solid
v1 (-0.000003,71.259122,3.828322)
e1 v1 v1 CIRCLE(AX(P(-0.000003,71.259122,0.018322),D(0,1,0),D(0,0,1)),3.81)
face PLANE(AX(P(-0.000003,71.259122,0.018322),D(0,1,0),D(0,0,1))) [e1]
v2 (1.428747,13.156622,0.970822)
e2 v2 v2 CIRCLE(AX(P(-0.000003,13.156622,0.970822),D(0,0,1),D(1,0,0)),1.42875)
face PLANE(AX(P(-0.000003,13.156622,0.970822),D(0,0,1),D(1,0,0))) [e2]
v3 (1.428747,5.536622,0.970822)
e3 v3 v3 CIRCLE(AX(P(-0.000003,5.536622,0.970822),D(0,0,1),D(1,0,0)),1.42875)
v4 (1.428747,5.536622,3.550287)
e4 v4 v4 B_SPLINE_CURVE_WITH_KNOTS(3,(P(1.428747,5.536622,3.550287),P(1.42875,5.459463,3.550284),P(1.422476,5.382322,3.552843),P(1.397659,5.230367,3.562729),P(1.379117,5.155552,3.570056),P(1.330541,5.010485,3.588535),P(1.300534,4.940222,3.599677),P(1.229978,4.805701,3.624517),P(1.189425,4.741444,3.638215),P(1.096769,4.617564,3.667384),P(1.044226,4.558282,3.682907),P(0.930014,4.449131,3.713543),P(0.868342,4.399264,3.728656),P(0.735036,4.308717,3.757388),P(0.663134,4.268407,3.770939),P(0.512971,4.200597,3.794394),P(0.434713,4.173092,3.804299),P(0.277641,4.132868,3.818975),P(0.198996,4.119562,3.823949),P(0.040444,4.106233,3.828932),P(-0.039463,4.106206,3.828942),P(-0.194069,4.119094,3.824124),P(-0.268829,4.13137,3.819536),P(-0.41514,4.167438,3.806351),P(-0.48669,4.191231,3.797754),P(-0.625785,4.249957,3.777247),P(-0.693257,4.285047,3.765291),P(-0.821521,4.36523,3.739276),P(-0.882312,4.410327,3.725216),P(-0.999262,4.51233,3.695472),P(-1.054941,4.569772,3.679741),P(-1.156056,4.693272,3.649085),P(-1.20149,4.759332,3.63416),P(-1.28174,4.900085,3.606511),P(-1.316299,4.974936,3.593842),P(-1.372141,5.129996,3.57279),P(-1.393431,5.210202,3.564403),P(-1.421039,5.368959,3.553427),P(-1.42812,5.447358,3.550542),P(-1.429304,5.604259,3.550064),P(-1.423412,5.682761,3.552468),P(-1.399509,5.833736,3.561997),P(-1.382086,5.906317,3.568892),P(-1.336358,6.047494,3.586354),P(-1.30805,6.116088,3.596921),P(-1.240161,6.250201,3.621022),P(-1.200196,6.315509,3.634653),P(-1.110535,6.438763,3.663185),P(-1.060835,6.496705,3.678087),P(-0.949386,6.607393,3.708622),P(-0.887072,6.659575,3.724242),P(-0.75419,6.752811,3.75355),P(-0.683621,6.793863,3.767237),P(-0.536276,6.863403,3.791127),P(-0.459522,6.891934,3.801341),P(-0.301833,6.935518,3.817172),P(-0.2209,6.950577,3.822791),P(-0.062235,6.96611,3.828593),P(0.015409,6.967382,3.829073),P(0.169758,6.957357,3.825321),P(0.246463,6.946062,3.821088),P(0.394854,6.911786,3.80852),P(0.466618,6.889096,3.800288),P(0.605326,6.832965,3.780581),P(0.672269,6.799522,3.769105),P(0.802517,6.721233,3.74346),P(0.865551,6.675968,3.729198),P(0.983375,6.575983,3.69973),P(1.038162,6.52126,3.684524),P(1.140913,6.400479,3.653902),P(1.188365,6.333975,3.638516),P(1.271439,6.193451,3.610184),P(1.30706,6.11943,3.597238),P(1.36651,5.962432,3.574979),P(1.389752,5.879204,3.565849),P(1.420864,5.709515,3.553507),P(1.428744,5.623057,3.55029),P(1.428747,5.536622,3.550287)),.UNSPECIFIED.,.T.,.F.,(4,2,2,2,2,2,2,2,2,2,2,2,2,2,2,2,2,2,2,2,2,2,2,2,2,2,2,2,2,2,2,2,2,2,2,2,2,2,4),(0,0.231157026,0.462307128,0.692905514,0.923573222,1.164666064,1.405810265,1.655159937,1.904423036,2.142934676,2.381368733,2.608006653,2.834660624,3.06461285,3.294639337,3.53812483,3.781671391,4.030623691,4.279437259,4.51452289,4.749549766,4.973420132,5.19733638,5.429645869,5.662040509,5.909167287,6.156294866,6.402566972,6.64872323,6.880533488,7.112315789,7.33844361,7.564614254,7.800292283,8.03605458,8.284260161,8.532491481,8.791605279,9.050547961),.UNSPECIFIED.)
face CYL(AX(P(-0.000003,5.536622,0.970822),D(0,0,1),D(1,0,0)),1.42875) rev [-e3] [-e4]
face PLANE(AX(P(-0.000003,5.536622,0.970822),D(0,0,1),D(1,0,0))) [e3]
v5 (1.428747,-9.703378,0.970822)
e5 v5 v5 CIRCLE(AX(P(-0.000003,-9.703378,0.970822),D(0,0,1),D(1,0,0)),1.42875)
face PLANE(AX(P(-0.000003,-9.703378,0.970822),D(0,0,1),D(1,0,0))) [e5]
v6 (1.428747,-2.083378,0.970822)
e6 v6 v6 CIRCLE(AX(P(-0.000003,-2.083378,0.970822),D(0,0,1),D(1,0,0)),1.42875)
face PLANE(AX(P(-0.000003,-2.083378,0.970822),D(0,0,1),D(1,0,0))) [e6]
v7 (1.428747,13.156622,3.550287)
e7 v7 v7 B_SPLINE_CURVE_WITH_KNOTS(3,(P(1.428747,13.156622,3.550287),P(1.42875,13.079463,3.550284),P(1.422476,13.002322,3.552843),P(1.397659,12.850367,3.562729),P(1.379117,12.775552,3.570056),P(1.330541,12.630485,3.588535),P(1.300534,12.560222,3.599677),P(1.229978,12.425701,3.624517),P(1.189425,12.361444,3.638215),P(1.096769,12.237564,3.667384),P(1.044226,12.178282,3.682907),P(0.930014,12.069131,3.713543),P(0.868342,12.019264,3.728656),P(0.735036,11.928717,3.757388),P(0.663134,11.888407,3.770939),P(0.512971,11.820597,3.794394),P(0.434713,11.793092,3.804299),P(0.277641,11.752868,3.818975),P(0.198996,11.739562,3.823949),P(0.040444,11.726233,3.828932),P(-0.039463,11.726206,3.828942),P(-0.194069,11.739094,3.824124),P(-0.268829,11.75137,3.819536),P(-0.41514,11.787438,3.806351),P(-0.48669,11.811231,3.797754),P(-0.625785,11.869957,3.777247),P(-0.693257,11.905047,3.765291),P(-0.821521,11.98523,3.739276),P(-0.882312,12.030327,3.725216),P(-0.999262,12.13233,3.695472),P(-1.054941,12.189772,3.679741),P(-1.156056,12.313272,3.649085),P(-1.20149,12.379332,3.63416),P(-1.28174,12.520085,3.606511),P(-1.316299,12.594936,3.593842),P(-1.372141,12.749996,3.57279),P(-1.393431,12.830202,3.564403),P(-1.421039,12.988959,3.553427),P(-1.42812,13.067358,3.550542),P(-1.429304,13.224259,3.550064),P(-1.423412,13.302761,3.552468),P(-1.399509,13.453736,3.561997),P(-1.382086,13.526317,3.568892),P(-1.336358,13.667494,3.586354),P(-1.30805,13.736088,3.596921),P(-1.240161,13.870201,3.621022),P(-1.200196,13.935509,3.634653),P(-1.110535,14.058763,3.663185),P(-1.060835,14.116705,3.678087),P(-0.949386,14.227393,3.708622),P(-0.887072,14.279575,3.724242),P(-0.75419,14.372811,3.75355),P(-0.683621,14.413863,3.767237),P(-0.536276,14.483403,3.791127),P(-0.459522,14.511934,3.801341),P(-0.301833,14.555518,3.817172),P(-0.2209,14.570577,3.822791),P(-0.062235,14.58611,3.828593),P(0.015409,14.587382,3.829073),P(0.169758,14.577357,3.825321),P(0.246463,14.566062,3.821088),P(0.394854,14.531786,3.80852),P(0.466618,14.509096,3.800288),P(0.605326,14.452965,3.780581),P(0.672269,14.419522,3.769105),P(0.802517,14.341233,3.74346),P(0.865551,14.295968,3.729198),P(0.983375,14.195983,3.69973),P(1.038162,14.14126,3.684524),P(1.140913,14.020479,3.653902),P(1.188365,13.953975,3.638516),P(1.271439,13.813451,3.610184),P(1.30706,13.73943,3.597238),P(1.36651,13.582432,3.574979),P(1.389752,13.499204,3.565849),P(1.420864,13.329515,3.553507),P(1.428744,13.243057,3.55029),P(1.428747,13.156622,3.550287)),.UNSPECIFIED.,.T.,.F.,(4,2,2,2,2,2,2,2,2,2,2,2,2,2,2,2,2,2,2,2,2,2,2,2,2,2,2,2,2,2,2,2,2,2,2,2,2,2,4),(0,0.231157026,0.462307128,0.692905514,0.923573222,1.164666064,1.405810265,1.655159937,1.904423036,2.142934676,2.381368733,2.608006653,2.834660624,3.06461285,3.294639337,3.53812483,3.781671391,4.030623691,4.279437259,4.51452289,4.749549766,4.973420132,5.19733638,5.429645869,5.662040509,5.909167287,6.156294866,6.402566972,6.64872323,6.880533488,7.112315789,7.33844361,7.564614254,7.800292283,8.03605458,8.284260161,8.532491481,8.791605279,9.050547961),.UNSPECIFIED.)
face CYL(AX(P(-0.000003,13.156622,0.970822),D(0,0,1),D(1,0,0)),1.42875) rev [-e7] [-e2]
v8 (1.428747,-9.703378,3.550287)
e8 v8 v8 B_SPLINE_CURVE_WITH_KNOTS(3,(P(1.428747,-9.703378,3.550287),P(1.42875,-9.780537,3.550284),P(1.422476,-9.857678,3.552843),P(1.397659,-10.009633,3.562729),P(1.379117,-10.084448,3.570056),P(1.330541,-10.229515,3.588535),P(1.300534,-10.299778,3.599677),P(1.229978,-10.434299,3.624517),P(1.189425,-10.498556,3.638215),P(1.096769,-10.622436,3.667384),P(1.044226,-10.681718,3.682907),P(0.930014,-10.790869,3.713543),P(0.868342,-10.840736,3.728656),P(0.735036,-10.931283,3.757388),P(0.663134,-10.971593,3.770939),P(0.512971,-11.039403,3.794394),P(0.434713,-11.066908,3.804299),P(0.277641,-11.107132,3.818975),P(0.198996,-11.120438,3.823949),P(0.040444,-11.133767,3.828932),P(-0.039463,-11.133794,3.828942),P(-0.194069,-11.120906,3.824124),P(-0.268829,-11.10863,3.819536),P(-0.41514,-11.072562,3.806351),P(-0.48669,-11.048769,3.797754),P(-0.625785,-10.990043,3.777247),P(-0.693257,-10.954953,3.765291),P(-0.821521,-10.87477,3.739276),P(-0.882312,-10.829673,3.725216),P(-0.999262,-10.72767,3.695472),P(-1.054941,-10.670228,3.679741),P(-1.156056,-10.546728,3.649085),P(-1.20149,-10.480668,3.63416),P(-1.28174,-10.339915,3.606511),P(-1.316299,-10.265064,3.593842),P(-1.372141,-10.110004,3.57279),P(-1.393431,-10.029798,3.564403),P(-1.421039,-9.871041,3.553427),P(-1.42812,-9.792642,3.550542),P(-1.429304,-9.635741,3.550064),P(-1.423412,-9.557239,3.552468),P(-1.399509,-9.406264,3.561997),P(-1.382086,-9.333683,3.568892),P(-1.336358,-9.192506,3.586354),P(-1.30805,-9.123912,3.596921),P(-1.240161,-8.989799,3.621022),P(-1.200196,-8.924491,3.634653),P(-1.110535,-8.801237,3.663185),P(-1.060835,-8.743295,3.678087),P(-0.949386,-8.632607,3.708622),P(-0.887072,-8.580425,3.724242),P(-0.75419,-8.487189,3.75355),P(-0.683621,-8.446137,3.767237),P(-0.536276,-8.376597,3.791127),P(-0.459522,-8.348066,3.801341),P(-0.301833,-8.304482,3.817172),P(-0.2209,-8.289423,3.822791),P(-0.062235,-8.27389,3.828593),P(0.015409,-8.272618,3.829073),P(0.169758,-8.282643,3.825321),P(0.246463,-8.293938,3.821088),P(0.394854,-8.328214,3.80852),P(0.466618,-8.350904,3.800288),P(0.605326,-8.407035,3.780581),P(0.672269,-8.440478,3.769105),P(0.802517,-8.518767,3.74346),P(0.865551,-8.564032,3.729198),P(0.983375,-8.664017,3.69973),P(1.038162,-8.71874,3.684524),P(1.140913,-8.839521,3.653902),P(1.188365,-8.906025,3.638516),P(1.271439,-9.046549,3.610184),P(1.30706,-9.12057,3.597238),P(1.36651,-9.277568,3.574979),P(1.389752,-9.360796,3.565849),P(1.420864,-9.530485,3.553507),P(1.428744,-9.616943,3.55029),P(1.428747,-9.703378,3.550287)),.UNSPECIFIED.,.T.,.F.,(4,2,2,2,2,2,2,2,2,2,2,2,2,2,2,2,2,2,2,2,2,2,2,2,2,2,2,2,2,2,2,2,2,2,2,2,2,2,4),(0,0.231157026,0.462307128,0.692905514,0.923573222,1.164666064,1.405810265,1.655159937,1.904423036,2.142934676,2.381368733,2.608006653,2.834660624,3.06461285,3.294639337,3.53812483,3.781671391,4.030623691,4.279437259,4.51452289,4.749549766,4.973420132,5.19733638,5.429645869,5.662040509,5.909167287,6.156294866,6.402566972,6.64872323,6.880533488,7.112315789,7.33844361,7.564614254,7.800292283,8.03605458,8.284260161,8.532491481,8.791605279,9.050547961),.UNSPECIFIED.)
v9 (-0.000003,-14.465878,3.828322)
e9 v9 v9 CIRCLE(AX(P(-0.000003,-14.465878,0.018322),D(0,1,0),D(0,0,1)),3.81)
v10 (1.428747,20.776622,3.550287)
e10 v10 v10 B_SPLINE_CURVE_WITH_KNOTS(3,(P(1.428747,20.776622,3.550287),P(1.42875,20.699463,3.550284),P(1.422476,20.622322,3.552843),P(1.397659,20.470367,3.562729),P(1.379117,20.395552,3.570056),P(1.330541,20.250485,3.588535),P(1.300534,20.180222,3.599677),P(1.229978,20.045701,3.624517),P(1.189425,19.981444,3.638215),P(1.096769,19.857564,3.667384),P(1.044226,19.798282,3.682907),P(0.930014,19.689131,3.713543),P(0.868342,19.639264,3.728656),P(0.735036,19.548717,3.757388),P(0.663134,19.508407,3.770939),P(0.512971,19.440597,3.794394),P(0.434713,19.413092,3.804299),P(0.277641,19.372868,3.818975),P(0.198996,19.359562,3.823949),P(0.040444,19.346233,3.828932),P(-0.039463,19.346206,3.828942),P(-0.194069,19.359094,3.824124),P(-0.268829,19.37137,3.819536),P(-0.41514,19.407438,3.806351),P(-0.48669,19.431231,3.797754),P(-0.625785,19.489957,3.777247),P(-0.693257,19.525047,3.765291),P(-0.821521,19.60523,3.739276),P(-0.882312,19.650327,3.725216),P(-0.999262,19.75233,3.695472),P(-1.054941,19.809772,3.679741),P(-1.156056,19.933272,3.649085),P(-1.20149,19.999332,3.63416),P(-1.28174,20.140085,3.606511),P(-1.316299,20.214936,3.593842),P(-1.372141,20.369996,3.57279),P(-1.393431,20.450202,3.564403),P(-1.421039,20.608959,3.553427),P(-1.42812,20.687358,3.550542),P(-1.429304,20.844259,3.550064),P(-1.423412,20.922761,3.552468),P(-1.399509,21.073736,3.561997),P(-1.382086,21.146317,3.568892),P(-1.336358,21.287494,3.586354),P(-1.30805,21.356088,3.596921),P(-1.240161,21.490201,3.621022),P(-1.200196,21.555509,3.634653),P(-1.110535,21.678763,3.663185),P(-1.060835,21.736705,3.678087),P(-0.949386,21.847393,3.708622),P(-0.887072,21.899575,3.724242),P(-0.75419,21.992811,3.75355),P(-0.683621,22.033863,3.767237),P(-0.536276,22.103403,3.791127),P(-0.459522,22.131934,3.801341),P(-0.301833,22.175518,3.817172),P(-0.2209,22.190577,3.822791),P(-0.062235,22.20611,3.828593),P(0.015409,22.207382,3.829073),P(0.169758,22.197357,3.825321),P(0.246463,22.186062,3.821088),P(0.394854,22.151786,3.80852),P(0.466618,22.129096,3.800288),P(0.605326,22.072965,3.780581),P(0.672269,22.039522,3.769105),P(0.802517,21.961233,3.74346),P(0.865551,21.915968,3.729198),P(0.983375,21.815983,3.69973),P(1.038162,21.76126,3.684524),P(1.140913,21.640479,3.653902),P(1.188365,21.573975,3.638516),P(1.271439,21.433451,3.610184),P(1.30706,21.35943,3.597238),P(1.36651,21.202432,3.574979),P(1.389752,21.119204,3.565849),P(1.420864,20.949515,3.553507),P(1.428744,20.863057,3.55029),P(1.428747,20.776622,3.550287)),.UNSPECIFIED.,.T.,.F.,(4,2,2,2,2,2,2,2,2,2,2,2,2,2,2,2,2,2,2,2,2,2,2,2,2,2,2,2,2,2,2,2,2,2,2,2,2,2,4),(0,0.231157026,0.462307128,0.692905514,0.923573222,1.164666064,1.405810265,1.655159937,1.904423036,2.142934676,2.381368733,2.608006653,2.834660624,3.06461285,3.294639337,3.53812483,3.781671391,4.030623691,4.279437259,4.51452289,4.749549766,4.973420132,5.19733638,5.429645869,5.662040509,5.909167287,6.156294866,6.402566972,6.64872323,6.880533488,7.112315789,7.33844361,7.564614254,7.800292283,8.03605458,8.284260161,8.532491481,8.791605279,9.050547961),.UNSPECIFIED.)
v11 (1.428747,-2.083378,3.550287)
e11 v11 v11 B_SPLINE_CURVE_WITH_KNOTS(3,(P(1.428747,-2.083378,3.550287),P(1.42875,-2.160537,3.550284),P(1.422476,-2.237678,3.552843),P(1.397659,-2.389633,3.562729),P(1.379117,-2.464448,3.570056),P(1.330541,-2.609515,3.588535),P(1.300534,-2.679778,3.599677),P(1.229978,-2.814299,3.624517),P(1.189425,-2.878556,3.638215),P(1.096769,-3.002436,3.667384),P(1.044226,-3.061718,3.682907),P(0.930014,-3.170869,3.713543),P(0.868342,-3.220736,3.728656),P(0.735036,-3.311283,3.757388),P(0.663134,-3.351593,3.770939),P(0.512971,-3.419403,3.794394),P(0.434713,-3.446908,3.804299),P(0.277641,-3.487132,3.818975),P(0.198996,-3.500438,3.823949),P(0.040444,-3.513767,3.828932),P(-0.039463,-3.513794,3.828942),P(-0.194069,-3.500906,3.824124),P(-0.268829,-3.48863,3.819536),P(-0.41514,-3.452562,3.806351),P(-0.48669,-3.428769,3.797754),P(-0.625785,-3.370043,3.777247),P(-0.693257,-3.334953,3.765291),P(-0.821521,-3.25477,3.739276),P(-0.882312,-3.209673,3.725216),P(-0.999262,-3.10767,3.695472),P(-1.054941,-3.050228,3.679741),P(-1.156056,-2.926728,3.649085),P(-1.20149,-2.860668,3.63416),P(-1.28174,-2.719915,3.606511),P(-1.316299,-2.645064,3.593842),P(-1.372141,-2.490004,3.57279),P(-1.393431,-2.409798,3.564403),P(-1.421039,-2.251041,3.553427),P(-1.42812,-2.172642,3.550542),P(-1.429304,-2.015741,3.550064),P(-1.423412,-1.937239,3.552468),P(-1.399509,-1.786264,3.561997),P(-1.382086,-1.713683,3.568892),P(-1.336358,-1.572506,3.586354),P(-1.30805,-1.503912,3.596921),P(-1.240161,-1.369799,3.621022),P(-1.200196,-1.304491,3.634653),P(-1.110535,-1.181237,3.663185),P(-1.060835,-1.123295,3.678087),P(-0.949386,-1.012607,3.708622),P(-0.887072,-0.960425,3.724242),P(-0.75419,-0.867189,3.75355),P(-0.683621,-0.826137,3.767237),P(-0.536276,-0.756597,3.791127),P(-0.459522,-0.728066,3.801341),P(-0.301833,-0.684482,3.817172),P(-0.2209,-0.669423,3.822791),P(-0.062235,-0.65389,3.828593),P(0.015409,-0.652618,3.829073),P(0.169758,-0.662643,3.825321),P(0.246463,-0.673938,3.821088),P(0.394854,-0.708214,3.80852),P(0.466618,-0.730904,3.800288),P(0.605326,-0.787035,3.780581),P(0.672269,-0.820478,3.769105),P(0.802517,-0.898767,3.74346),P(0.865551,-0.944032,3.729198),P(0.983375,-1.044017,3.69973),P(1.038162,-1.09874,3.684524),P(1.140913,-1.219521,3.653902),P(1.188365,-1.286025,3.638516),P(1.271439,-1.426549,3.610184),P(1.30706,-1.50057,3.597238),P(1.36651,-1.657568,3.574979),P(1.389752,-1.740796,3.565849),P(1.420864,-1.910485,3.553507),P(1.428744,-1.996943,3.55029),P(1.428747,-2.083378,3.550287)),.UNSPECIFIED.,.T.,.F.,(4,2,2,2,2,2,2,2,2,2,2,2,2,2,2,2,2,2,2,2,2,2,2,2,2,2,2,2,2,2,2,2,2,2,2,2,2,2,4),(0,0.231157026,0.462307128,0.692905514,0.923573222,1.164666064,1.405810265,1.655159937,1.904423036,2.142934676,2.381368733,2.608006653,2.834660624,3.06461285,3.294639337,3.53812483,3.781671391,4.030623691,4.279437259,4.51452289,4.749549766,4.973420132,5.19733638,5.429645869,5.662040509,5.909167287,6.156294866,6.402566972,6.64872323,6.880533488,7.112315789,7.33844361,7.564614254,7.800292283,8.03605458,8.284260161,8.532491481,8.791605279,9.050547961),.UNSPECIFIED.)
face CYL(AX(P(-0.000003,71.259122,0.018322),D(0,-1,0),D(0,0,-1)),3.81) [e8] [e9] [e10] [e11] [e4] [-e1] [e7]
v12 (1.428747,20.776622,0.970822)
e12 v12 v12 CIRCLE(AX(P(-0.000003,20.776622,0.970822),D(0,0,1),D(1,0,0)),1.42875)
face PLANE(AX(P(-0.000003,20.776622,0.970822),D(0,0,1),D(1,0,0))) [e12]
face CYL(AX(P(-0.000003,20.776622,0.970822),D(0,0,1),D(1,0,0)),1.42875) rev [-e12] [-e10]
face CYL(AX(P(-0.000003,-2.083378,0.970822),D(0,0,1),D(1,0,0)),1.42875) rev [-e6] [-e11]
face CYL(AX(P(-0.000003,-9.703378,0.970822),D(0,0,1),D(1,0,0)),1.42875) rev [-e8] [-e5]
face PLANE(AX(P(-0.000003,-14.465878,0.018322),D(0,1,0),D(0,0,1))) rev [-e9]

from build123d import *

# Parameters (mm, degrees)
SKETCH1_R           = 2.54
BOSS_EXTRUDE1_DEPTH = 57.15
SKETCH2_R           = 0.9525
CUT_EXTRUDE1_DEPTH  = 1.905
SCALE1_SCALE        = 1.5


with BuildPart() as part:
    # Sketch1 → Boss-Extrude1 (new body)
    with BuildSketch(Plane(origin=(0, 0, 0), x_dir=(1, 0, 0), z_dir=(0, 1, 0))):
        with Locations(Location((0, 0, 0), (0, 0, 270))):
            Circle(SKETCH1_R)
    extrude(amount=BOSS_EXTRUDE1_DEPTH)

    # Sketch2 → Cut-Extrude1 (cut)
    with BuildSketch(Plane.XY.offset(2.54)):
        with Locations((0, 18.415)):
            Circle(SKETCH2_R)
        with Locations((0, 13.335)):
            Circle(SKETCH2_R)
        with Locations((0, 8.255)):
            Circle(SKETCH2_R)
        with Locations((0, 23.495)):
            Circle(SKETCH2_R)
        with Locations((0, 3.175)):
            Circle(SKETCH2_R)
    extrude(amount=-CUT_EXTRUDE1_DEPTH, mode=Mode.SUBTRACT)


with BuildPart() as part_1:
    # Scale1: scaled about (3.3e-08, 28.93183337, -0.036650166)
    add(part.part.scale(SCALE1_SCALE).moved(Location((-1.6e-08, -14.465916685, 0.018325083))))


solid = part_1.part
